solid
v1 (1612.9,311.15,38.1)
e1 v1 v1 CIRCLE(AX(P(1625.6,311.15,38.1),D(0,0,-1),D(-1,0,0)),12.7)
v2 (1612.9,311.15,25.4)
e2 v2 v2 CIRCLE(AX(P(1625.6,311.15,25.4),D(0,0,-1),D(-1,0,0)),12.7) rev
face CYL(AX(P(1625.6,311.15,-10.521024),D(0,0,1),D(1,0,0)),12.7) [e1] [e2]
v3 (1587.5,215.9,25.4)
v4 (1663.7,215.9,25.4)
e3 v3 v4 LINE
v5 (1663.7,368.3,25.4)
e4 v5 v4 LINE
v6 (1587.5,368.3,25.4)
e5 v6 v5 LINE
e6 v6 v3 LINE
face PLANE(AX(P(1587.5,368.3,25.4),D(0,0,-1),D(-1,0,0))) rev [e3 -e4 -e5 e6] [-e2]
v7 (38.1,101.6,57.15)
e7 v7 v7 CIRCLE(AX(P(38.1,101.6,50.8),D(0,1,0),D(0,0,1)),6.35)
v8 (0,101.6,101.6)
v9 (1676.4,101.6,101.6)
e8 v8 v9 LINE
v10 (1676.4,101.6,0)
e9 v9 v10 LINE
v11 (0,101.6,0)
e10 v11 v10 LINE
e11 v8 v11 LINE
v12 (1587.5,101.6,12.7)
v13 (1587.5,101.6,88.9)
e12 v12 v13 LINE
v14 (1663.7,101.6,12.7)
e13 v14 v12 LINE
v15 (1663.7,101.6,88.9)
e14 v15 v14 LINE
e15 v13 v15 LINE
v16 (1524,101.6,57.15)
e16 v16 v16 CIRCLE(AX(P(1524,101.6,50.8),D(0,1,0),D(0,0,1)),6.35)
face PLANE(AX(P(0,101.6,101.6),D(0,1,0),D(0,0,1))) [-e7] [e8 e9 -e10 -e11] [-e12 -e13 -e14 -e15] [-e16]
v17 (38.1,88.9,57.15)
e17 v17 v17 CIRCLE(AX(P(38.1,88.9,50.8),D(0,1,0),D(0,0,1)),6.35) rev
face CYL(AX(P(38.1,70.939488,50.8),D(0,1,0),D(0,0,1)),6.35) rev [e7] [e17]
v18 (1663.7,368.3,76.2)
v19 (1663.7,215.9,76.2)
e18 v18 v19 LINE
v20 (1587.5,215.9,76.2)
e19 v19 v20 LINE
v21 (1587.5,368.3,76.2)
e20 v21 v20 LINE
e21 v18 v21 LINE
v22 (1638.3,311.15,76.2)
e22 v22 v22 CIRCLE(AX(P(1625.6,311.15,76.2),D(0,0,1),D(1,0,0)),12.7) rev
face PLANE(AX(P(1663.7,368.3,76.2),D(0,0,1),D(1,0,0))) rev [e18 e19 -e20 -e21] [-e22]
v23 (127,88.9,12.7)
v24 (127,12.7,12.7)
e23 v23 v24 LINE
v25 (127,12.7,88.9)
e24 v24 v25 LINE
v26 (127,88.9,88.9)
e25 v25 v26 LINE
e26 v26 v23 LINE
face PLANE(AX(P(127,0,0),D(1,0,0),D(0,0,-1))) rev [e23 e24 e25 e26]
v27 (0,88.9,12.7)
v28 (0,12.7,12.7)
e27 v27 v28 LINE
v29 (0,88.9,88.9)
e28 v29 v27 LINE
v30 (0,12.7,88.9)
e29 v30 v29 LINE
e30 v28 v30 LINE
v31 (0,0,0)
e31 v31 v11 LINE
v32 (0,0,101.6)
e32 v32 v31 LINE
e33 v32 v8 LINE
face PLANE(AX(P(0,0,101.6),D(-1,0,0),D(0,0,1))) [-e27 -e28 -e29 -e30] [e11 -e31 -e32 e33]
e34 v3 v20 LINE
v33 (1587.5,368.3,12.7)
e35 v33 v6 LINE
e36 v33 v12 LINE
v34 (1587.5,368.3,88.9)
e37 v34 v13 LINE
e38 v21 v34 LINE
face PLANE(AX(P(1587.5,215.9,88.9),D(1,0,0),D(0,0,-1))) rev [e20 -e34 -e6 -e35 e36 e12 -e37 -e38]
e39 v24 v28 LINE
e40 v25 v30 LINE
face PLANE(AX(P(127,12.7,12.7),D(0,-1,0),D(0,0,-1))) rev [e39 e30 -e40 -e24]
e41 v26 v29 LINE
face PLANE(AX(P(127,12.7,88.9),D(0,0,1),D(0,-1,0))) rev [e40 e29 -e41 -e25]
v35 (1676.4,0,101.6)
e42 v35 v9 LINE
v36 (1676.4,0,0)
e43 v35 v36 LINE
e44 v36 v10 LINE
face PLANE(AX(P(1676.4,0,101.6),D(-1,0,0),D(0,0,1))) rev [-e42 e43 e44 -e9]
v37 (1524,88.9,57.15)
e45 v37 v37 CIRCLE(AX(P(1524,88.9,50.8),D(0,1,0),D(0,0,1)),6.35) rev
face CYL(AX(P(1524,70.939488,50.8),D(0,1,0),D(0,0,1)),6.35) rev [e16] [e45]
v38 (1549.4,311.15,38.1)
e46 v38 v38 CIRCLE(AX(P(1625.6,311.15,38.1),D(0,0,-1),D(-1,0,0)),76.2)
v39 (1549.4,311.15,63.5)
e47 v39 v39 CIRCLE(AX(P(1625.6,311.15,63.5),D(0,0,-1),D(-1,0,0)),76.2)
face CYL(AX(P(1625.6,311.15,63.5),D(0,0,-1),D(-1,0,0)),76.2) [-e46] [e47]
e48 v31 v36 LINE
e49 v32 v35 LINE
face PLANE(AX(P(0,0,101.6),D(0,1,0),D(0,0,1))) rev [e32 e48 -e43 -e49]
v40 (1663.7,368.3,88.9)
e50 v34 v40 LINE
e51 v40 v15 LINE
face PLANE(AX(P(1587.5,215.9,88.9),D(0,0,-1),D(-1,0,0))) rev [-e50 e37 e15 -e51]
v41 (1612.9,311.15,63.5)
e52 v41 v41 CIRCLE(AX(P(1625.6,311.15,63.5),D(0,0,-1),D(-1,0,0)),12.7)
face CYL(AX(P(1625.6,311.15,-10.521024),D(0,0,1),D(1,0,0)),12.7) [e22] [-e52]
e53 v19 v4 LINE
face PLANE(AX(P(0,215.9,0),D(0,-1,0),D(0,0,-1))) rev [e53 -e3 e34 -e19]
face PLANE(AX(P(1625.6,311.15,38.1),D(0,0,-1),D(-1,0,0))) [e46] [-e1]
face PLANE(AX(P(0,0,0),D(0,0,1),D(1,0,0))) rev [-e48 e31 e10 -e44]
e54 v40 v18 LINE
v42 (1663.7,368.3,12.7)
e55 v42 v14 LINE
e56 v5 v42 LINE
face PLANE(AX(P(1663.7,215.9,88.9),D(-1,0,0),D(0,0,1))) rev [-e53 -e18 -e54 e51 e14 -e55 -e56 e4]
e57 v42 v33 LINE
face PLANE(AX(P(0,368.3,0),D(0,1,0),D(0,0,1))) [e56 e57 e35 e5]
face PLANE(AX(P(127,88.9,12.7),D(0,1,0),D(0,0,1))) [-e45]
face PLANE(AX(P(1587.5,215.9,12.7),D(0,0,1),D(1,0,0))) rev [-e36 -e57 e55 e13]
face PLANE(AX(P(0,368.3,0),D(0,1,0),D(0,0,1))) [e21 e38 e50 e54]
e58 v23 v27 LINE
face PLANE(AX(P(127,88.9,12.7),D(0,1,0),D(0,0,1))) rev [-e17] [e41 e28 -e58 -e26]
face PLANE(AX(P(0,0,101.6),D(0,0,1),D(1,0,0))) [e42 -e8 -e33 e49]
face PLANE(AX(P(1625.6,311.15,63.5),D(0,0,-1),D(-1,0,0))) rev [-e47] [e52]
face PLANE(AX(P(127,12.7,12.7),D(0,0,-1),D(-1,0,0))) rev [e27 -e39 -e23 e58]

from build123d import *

# Parameters (mm, degrees)
SKETCH1_W                       = 1676.4
SKETCH1_H                       = 101.6
BOSS_EXTRUDE1_DEPTH             = 101.6
SKETCH3_W                       = 76.2
SKETCH3_H                       = 76.2
CUT_EXTRUDE1_DEPTH              = 127
SKETCH5_W                       = 76.2
SKETCH5_H                       = 76.2
BOSS_EXTRUDE2_DEPTH             = 114.3
SKETCH6_W                       = 76.2
SKETCH6_H                       = 12.7
BOSS_EXTRUDE3_DEPTH             = 152.4
BOSS_EXTRUDE4_REACH             = 52.8
SKETCH7_R                       = 12.7
BOSS_EXTRUDE4_DIRECTION_2_REACH = 52.8
SKETCH8_R                       = 76.2
BOSS_EXTRUDE5_DEPTH             = 12.7
BOSS_EXTRUDE5_DEPTH_BACK        = 12.7
SKETCH9_R                       = 6.35
CUT_EXTRUDE2_DEPTH              = 12.7


with BuildPart() as part:
    # Sketch1 → Boss-Extrude1 (new body)
    with BuildSketch(Plane.XY):
        with Locations((838.2, 50.8)):
            Rectangle(SKETCH1_W, SKETCH1_H)
    extrude(amount=BOSS_EXTRUDE1_DEPTH)

    # Sketch3 → Cut-Extrude1 (cut)
    with BuildSketch(Plane.ZY):
        with Locations((50.8, 50.8)):
            Rectangle(SKETCH3_W, SKETCH3_H)
    extrude(amount=-CUT_EXTRUDE1_DEPTH, mode=Mode.SUBTRACT)

    # Sketch5 → Boss-Extrude2 (add)
    with BuildSketch(Plane(origin=(0, 101.6, 0), x_dir=(1, 0, 0), z_dir=(0, 1, 0))):
        with Locations((1625.6, -50.8)):
            Rectangle(SKETCH5_W, SKETCH5_H)
    extrude(amount=BOSS_EXTRUDE2_DEPTH)

    # Sketch6 → Boss-Extrude3 (add)
    with BuildSketch(Plane(origin=(0, 215.9, 0), x_dir=(1, 0, 0), z_dir=(0, 1, 0))):
        with Locations((1625.6, -19.05)):
            Rectangle(SKETCH6_W, SKETCH6_H)
        with Locations((1625.6, -82.55)):
            Rectangle(SKETCH6_W, SKETCH6_H)
    extrude(amount=BOSS_EXTRUDE3_DEPTH)

    # Boss-Extrude4: up to this face of the body (flat: up to its plane)
    boss_extrude4_end = Plane(part.part.faces().sort_by_distance((1625.6, 292.1, 25.4))[0])
    # Sketch7 → Boss-Extrude4 (add, up to the picked face)
    with BuildSketch(Plane(origin=(0, 0, 50.8), x_dir=(-1, 0, 0), z_dir=(0, 0, -1)), mode=Mode.PRIVATE) as boss_extrude4_sk1:
        with Locations((-1625.6, 311.15)):
            Circle(SKETCH7_R)
    boss_extrude4_tool1 = split(extrude(boss_extrude4_sk1.sketch, amount=BOSS_EXTRUDE4_REACH, mode=Mode.PRIVATE), bisect_by=boss_extrude4_end, keep=Keep.BOTH, mode=Mode.PRIVATE)
    add(boss_extrude4_tool1.solids().sort_by_distance((1625.6, 311.15, 50.8))[0])

    # Boss-Extrude4 direction 2: up to this face of the body (flat: up to its plane)
    boss_extrude4_direction_2_end = Plane(part.part.faces().sort_by_distance((1625.6, 292.1, 76.2))[0])
    # Sketch7 → Boss-Extrude4 direction 2 (add, up to the picked face)
    with BuildSketch(Plane(origin=(0, 0, 50.8), x_dir=(-1, 0, 0), z_dir=(0, 0, -1)), mode=Mode.PRIVATE) as boss_extrude4_direction_2_sk1:
        with Locations((-1625.6, 311.15)):
            Circle(SKETCH7_R)
    boss_extrude4_direction_2_tool1 = split(extrude(boss_extrude4_direction_2_sk1.sketch, amount=-BOSS_EXTRUDE4_DIRECTION_2_REACH, mode=Mode.PRIVATE), bisect_by=boss_extrude4_direction_2_end, keep=Keep.BOTH, mode=Mode.PRIVATE)
    add(boss_extrude4_direction_2_tool1.solids().sort_by_distance((1625.6, 311.15, 50.8))[0])

    # Sketch8 → Boss-Extrude5 (add, two sides)
    with BuildSketch(Plane(origin=(0, 0, 50.8), x_dir=(-1, 0, 0), z_dir=(0, 0, -1))) as boss_extrude5_sk:
        with Locations((-1625.6, 311.15)):
            Circle(SKETCH8_R)
    extrude(amount=BOSS_EXTRUDE5_DEPTH)
    extrude(boss_extrude5_sk.sketch, amount=-BOSS_EXTRUDE5_DEPTH_BACK)

    # Sketch9 → Cut-Extrude2 (cut)
    with BuildSketch(Plane(origin=(0, 101.6, 0), x_dir=(1, 0, 0), z_dir=(0, 1, 0))):
        with Locations((38.1, -50.8)):
            Circle(SKETCH9_R)
        with Locations((1524, -50.8)):
            Circle(SKETCH9_R)
    extrude(amount=-CUT_EXTRUDE2_DEPTH, mode=Mode.SUBTRACT)


solid = part.part
